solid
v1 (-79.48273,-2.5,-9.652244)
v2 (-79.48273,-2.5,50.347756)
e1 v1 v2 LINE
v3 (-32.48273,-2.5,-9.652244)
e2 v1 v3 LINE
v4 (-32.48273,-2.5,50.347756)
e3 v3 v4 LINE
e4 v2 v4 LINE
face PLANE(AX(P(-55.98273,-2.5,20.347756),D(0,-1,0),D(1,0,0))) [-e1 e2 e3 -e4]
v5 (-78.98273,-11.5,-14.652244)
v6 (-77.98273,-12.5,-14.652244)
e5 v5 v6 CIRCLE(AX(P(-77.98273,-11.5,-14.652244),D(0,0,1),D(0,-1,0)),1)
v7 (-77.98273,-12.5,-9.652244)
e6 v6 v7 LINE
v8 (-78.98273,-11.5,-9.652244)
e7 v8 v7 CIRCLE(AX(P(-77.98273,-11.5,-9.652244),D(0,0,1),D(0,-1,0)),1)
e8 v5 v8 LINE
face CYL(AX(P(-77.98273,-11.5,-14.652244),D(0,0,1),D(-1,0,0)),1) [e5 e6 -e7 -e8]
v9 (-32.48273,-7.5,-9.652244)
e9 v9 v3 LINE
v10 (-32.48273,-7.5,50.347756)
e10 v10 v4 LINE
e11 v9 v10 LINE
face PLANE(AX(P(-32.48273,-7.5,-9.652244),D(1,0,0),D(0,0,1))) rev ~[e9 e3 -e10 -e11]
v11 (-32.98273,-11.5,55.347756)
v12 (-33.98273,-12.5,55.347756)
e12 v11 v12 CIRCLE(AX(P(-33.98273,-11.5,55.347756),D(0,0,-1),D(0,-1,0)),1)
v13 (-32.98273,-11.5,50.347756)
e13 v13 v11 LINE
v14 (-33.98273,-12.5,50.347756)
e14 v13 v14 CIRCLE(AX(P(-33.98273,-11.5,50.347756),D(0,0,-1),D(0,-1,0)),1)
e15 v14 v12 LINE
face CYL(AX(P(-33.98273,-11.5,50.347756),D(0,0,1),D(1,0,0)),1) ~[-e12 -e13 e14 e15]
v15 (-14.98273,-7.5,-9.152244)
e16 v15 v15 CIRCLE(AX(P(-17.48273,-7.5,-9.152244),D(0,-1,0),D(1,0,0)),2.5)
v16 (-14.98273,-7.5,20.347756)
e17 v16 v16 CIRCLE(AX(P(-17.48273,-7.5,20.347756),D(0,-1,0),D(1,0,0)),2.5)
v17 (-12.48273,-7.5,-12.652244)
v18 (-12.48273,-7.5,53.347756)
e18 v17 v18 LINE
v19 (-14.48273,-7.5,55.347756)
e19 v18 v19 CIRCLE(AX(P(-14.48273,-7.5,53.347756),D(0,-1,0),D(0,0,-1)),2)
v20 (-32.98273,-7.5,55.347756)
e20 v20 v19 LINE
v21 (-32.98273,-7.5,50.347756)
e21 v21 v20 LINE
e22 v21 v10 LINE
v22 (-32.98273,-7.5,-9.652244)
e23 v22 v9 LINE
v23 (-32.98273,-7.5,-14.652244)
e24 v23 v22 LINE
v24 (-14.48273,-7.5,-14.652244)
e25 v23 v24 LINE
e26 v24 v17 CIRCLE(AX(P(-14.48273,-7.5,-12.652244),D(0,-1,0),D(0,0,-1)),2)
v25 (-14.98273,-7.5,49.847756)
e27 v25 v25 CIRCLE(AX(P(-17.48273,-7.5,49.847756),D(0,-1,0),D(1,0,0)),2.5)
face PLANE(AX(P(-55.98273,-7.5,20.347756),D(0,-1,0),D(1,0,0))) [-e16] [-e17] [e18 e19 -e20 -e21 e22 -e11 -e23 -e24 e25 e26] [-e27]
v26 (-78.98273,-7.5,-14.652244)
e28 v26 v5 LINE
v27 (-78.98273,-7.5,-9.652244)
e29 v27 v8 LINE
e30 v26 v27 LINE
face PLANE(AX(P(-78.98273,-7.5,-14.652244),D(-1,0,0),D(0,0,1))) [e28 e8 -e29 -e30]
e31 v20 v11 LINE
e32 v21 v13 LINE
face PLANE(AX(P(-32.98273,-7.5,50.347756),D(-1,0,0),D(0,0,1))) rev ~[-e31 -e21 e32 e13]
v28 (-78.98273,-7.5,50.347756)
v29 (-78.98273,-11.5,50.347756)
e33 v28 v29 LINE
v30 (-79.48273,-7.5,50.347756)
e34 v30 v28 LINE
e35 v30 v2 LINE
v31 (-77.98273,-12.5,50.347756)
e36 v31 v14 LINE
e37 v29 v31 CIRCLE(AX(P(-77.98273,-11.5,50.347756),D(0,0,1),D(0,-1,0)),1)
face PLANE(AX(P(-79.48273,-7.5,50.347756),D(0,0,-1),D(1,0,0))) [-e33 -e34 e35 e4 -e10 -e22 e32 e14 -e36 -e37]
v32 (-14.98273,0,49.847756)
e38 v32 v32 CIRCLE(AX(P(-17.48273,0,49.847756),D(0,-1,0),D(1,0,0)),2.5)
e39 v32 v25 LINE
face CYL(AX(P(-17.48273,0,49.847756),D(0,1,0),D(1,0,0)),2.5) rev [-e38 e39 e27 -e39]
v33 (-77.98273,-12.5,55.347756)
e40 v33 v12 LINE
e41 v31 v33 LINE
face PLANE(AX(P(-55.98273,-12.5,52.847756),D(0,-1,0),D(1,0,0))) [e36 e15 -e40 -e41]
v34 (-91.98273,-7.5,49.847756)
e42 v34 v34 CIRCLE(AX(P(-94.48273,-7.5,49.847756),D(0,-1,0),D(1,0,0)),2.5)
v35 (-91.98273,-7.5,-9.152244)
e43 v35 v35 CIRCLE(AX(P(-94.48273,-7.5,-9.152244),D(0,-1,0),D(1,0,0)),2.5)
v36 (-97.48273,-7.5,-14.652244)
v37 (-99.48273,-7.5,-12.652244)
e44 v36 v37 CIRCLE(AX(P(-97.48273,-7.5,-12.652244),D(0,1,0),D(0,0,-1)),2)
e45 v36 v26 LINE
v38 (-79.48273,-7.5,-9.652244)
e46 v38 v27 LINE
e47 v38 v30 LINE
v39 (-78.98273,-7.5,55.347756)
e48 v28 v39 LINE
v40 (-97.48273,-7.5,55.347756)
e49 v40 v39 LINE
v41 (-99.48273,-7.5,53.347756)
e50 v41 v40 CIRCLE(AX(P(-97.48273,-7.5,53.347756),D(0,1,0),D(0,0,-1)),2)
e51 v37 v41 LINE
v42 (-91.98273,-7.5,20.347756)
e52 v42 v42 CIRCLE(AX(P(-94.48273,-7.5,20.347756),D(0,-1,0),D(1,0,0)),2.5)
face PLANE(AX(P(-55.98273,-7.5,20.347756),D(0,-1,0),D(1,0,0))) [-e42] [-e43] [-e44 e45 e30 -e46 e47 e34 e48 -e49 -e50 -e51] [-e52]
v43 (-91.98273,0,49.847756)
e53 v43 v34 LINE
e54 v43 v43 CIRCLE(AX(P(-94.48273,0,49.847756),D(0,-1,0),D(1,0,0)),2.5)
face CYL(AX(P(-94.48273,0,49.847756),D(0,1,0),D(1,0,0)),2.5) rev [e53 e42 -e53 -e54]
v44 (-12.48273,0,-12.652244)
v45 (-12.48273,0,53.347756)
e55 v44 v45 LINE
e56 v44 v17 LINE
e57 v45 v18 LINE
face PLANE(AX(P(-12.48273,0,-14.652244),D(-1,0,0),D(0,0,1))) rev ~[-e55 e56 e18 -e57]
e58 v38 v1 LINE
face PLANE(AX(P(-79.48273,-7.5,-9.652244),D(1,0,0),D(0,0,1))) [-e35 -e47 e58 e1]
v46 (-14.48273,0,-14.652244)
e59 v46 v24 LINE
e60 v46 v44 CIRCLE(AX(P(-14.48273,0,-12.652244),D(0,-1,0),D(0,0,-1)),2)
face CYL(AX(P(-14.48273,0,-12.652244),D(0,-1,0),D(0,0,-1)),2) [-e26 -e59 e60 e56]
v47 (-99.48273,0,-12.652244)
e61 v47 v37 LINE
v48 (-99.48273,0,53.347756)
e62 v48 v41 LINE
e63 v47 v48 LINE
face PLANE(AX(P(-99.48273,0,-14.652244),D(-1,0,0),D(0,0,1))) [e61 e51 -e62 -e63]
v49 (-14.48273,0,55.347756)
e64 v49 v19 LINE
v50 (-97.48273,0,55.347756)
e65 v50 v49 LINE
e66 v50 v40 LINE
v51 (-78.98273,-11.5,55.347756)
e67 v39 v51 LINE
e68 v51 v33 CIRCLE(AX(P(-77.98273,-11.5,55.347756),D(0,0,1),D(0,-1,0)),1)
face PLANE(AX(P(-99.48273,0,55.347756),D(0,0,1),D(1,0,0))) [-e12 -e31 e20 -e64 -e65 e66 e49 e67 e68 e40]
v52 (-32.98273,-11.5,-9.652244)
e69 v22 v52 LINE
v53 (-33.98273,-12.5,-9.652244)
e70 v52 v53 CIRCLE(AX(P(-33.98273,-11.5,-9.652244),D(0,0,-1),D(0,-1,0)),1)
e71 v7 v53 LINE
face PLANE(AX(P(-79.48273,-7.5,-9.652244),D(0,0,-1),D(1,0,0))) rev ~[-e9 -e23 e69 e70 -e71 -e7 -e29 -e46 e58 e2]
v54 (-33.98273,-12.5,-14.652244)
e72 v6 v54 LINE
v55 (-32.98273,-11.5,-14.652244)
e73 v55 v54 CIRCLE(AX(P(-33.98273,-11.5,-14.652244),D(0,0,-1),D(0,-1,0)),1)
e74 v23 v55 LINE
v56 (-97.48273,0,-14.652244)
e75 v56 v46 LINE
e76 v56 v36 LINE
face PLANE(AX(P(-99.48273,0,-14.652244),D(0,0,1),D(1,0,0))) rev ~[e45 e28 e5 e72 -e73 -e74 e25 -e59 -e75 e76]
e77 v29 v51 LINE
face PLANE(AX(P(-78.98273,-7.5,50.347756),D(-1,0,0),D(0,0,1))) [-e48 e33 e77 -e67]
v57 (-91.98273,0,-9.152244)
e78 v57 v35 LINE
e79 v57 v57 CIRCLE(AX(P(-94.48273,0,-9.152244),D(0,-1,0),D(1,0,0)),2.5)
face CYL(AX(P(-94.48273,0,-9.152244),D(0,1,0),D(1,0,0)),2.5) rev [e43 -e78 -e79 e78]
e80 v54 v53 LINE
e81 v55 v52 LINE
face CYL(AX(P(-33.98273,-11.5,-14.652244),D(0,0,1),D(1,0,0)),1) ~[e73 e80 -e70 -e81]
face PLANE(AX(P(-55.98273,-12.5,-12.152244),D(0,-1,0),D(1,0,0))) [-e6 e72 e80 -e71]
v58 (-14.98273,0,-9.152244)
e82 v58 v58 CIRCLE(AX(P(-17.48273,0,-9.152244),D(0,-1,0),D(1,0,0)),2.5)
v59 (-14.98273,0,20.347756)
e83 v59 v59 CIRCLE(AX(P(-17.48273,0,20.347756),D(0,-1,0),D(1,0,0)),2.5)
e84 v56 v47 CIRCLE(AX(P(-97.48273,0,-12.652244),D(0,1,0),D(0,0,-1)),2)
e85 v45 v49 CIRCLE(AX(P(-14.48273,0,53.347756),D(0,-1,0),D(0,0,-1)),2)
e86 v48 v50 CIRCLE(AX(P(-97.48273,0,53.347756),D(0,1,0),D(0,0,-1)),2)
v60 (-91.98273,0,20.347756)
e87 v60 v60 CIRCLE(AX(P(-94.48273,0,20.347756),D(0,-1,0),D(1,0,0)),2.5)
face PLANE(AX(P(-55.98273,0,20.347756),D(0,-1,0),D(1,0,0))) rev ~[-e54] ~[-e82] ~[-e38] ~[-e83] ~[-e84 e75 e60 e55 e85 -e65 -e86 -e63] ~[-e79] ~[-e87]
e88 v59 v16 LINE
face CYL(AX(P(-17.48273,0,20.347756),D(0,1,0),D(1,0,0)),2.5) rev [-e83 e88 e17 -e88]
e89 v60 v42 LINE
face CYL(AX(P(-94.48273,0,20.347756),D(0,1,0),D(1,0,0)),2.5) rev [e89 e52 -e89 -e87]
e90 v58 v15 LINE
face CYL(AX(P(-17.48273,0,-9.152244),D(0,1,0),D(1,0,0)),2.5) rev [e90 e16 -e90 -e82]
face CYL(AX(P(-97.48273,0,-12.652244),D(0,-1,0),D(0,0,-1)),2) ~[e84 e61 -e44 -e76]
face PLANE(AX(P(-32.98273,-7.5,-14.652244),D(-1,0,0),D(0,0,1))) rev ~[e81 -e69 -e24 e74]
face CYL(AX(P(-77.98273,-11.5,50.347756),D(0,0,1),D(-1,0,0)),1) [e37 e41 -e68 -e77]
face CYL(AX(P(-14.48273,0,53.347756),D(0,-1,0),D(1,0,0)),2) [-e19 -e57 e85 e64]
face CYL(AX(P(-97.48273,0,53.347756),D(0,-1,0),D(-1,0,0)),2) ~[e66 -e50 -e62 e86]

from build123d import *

# Parameters (mm, degrees)
F0_W     = 87
F0_H     = 70
F0_R     = 2.5
F1_DEPTH = 7.5
F2_W     = 47
F2_H     = 60
F3_DEPTH = 5
F4_W     = 46
F4_H     = 5
F5_DEPTH = 5
F6_R     = 1
F7_R     = 2


with BuildPart() as f1:
    # F0 (on Front) → F1 (new body)
    with BuildSketch(Plane.XZ):
        with Locations((-55.98273, 20.347756)):
            Rectangle(F0_W, F0_H)
        with Locations((-94.48273, -9.152244)):
            Circle(F0_R, mode=Mode.SUBTRACT)
        with Locations((-17.48273, -9.152244)):
            Circle(F0_R, mode=Mode.SUBTRACT)
        with Locations((-94.48273, 20.347756)):
            Circle(F0_R, mode=Mode.SUBTRACT)
        with Locations((-94.48273, 49.847756)):
            Circle(F0_R, mode=Mode.SUBTRACT)
        with Locations((-17.48273, 20.347756)):
            Circle(F0_R, mode=Mode.SUBTRACT)
        with Locations((-17.48273, 49.847756)):
            Circle(F0_R, mode=Mode.SUBTRACT)
    extrude(amount=F1_DEPTH)

    # F2 (on face) → F3 (cut)
    with BuildSketch(Plane.XZ.offset(7.5)):
        with Locations((-55.98273, 20.347756)):
            Rectangle(F2_W, F2_H)
    extrude(amount=-F3_DEPTH, mode=Mode.SUBTRACT)

    # F4 (on face) → F5 (join)
    with BuildSketch(Plane.XZ.offset(7.5)):
        with Locations((-55.98273, 52.847756)):
            Rectangle(F4_W, F4_H)
        with Locations((-55.98273, -12.152244)):
            Rectangle(F4_W, F4_H)
    extrude(amount=F5_DEPTH)

    # F6
    f6_edges = [f1.edges().sort_by_distance(p)[0] for p in [
        (-78.98273, -12.5, 52.847756),
        (-32.98273, -12.5, 52.847756),
        (-32.98273, -12.5, -12.152244),
        (-78.98273, -12.5, -12.152244),
    ]]
    fillet(f6_edges, radius=F6_R)

    # F7
    f7_edges = [f1.edges().sort_by_distance(p)[0] for p in [
        (-99.48273, -3.75, -14.652244),
        (-12.48273, -3.75, -14.652244),
        (-12.48273, -3.75, 55.347756),
        (-99.48273, -3.75, 55.347756),
    ]]
    fillet(f7_edges, radius=F7_R)


solid = f1.part
